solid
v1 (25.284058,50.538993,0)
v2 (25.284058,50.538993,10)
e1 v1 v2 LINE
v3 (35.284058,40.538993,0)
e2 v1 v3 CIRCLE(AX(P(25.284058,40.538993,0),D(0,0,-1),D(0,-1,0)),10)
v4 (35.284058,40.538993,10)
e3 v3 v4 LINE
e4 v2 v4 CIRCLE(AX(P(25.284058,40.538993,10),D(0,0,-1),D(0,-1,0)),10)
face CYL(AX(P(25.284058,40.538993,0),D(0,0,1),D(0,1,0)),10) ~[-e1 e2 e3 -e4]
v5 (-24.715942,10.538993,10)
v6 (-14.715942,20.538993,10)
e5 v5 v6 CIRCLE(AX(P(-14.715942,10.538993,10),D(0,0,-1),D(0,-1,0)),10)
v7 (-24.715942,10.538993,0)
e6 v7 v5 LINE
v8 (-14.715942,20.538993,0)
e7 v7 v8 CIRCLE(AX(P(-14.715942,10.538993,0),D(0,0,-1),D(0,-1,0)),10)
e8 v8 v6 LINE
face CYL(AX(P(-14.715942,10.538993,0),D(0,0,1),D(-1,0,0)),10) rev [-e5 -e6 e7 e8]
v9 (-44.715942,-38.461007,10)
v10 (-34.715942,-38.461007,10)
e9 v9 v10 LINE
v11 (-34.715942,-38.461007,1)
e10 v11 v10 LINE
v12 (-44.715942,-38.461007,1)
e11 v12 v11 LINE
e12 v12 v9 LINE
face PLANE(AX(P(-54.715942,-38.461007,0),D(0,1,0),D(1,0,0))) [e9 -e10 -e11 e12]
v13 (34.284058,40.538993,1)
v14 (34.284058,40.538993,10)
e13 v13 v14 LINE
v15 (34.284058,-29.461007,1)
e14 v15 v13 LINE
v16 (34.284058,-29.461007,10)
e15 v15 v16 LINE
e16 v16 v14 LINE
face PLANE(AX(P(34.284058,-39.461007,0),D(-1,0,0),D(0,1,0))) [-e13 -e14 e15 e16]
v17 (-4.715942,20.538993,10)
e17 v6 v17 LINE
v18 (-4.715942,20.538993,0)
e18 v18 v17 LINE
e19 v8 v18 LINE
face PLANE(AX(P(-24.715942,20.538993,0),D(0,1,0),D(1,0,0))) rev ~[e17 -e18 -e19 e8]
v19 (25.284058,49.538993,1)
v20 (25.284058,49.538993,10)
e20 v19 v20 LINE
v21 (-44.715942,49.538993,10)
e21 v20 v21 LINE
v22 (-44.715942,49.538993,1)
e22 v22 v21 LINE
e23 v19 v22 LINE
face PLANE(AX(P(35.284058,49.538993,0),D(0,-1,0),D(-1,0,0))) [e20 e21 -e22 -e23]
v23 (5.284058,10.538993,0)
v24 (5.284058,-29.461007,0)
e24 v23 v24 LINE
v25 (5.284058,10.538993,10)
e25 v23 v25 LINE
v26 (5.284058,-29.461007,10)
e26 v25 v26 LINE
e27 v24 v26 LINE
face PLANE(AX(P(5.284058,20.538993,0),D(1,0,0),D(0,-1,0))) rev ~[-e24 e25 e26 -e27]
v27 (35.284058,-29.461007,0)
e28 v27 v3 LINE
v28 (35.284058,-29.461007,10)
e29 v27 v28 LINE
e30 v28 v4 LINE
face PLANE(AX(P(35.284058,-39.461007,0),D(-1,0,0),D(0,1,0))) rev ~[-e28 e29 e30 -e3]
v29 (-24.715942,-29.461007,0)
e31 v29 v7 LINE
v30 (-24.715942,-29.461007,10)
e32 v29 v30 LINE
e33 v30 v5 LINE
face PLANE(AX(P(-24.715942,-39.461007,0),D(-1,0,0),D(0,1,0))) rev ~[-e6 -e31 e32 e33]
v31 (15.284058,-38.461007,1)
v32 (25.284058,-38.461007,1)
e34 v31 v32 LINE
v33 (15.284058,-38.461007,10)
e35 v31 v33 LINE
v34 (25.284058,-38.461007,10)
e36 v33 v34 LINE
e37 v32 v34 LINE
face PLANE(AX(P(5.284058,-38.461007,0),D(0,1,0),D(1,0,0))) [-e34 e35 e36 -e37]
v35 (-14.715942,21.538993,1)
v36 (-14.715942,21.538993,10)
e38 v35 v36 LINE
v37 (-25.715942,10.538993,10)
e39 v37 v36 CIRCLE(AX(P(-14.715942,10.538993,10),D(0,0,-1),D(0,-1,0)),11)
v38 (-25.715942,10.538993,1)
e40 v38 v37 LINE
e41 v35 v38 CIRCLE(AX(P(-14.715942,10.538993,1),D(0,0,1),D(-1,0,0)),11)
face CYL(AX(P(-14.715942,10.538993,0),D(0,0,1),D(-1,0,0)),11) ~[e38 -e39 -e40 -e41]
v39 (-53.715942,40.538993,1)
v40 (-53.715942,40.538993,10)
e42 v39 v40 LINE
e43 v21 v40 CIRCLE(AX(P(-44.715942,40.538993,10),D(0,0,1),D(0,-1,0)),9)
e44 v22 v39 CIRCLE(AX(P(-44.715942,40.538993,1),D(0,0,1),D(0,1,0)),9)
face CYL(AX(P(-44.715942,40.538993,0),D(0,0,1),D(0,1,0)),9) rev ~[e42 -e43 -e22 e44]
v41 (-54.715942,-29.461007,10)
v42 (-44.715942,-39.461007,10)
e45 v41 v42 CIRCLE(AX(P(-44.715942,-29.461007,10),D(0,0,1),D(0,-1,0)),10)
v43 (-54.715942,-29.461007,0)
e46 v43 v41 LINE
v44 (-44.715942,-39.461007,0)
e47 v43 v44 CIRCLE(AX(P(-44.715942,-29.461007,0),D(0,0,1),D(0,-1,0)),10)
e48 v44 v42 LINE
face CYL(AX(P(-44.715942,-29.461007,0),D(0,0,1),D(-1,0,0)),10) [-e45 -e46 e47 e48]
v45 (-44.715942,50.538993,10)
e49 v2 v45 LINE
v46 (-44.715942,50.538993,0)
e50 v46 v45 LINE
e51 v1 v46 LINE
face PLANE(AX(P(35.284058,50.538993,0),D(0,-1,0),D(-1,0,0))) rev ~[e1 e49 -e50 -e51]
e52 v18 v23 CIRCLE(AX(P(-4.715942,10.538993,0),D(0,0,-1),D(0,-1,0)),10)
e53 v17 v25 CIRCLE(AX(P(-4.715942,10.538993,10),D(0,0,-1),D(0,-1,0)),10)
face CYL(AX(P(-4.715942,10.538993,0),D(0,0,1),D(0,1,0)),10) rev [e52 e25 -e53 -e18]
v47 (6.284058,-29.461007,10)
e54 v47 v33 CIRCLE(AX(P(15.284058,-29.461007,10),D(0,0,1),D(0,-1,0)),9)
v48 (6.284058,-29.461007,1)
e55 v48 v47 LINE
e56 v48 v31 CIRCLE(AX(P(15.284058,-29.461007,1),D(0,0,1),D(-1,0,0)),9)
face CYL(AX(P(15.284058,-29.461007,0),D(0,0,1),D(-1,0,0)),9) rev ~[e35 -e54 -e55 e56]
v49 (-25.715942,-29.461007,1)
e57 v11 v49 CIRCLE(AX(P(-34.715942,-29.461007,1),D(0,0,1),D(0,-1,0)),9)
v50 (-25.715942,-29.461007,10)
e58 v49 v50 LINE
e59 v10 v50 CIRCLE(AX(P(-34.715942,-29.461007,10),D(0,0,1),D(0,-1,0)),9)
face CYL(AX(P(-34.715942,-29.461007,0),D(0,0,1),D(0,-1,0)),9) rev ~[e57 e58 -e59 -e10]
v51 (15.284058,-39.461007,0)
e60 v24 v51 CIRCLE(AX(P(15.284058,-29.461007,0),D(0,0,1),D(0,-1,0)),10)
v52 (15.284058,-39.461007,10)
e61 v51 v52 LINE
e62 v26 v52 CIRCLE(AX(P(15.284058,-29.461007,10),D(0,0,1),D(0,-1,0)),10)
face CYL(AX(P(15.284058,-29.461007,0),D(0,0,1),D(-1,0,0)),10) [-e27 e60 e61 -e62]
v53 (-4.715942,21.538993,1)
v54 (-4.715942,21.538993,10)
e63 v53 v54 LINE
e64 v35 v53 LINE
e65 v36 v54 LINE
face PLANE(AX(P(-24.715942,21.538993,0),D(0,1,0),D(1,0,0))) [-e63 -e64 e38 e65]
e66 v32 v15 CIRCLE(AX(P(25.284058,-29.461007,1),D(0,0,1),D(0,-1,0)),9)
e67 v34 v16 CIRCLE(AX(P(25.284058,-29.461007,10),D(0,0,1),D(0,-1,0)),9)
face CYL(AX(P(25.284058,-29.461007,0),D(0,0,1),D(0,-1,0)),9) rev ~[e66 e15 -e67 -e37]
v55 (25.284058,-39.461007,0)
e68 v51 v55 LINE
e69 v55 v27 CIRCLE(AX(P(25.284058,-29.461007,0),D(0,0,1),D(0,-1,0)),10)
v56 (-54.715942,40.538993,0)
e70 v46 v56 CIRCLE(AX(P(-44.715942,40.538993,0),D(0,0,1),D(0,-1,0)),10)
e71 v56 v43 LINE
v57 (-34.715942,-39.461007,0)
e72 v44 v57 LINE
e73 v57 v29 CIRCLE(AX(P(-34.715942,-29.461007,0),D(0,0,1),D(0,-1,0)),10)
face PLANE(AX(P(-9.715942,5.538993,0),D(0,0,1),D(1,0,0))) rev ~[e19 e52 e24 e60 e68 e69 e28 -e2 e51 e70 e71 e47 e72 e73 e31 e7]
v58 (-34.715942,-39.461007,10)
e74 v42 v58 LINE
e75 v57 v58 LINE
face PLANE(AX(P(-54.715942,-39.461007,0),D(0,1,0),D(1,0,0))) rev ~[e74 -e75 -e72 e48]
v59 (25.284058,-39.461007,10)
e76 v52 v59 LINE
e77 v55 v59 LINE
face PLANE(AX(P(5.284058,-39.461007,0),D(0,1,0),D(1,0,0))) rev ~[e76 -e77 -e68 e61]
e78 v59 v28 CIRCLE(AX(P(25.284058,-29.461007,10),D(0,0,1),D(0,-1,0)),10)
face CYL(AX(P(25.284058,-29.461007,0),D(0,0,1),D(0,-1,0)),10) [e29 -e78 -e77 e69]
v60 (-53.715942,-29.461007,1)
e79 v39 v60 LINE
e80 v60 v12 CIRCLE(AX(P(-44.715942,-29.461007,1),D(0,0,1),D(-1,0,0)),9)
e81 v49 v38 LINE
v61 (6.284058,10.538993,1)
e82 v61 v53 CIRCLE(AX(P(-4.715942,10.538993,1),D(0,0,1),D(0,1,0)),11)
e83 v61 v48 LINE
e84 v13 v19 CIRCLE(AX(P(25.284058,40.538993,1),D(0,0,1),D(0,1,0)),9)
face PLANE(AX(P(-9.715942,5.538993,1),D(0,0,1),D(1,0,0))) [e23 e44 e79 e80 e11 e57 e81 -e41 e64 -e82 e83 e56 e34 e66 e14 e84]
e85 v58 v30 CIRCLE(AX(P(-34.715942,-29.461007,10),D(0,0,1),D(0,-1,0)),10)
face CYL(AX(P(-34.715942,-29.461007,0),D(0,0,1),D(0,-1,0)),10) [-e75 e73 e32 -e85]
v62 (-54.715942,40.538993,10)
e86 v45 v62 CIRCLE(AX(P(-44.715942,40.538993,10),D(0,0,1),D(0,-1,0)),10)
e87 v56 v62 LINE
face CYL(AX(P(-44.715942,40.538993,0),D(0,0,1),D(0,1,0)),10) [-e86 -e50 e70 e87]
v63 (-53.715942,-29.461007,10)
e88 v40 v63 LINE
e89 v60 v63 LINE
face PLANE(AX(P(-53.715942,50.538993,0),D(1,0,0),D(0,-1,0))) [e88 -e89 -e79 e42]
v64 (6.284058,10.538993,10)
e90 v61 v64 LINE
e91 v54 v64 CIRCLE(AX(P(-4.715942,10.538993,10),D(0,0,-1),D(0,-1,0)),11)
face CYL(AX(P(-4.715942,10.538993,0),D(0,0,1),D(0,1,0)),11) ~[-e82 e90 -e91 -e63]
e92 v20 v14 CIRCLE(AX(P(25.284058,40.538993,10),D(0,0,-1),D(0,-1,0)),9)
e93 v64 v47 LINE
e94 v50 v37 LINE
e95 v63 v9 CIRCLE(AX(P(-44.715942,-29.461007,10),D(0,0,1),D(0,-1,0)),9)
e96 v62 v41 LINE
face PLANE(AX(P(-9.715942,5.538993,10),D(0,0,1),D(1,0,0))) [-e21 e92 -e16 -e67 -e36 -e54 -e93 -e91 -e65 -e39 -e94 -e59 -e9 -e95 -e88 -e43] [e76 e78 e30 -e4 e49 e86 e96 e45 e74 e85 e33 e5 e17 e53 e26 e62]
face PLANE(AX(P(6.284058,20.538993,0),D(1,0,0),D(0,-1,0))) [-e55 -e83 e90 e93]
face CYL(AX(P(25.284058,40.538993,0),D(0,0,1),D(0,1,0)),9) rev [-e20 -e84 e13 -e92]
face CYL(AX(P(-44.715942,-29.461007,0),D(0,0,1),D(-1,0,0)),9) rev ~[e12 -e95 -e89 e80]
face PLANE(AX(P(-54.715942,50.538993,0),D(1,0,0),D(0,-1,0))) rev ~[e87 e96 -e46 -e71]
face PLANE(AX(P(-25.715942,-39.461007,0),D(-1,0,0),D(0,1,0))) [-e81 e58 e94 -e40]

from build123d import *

# Parameters (mm, degrees)
F1_DEPTH = 10
F2_R     = 10
F3_T     = -1


with BuildPart() as f1:
    # F0 (on Top) → F1 (new body)
    with BuildSketch(Plane.XY):
        Polygon((35.284058, 50.538993), (-54.715942, 50.538993), (-54.715942, -39.461007), (-24.715942, -39.461007), (-24.715942, 20.538993), (5.284058, 20.538993), (5.284058, -39.461007), (35.284058, -39.461007), align=None)
    extrude(amount=F1_DEPTH)

    # F2
    f2_edges = [f1.edges().sort_by_distance(p)[0] for p in [
        (35.284058, 50.538993, 5),
        (35.284058, -39.461007, 5),
        (-24.715942, 20.538993, 5),
        (-24.715942, -39.461007, 5),
        (-54.715942, -39.461007, 5),
        (5.284058, -39.461007, 5),
        (5.284058, 20.538993, 5),
        (-54.715942, 50.538993, 5),
    ]]
    fillet(f2_edges, radius=F2_R)

    # F3
    f3_openings = [f1.faces().sort_by_distance(p)[0] for p in [
        (-9.715942, 49.2662, 10),
    ]]
    offset(amount=F3_T, openings=f3_openings)


solid = f1.part
